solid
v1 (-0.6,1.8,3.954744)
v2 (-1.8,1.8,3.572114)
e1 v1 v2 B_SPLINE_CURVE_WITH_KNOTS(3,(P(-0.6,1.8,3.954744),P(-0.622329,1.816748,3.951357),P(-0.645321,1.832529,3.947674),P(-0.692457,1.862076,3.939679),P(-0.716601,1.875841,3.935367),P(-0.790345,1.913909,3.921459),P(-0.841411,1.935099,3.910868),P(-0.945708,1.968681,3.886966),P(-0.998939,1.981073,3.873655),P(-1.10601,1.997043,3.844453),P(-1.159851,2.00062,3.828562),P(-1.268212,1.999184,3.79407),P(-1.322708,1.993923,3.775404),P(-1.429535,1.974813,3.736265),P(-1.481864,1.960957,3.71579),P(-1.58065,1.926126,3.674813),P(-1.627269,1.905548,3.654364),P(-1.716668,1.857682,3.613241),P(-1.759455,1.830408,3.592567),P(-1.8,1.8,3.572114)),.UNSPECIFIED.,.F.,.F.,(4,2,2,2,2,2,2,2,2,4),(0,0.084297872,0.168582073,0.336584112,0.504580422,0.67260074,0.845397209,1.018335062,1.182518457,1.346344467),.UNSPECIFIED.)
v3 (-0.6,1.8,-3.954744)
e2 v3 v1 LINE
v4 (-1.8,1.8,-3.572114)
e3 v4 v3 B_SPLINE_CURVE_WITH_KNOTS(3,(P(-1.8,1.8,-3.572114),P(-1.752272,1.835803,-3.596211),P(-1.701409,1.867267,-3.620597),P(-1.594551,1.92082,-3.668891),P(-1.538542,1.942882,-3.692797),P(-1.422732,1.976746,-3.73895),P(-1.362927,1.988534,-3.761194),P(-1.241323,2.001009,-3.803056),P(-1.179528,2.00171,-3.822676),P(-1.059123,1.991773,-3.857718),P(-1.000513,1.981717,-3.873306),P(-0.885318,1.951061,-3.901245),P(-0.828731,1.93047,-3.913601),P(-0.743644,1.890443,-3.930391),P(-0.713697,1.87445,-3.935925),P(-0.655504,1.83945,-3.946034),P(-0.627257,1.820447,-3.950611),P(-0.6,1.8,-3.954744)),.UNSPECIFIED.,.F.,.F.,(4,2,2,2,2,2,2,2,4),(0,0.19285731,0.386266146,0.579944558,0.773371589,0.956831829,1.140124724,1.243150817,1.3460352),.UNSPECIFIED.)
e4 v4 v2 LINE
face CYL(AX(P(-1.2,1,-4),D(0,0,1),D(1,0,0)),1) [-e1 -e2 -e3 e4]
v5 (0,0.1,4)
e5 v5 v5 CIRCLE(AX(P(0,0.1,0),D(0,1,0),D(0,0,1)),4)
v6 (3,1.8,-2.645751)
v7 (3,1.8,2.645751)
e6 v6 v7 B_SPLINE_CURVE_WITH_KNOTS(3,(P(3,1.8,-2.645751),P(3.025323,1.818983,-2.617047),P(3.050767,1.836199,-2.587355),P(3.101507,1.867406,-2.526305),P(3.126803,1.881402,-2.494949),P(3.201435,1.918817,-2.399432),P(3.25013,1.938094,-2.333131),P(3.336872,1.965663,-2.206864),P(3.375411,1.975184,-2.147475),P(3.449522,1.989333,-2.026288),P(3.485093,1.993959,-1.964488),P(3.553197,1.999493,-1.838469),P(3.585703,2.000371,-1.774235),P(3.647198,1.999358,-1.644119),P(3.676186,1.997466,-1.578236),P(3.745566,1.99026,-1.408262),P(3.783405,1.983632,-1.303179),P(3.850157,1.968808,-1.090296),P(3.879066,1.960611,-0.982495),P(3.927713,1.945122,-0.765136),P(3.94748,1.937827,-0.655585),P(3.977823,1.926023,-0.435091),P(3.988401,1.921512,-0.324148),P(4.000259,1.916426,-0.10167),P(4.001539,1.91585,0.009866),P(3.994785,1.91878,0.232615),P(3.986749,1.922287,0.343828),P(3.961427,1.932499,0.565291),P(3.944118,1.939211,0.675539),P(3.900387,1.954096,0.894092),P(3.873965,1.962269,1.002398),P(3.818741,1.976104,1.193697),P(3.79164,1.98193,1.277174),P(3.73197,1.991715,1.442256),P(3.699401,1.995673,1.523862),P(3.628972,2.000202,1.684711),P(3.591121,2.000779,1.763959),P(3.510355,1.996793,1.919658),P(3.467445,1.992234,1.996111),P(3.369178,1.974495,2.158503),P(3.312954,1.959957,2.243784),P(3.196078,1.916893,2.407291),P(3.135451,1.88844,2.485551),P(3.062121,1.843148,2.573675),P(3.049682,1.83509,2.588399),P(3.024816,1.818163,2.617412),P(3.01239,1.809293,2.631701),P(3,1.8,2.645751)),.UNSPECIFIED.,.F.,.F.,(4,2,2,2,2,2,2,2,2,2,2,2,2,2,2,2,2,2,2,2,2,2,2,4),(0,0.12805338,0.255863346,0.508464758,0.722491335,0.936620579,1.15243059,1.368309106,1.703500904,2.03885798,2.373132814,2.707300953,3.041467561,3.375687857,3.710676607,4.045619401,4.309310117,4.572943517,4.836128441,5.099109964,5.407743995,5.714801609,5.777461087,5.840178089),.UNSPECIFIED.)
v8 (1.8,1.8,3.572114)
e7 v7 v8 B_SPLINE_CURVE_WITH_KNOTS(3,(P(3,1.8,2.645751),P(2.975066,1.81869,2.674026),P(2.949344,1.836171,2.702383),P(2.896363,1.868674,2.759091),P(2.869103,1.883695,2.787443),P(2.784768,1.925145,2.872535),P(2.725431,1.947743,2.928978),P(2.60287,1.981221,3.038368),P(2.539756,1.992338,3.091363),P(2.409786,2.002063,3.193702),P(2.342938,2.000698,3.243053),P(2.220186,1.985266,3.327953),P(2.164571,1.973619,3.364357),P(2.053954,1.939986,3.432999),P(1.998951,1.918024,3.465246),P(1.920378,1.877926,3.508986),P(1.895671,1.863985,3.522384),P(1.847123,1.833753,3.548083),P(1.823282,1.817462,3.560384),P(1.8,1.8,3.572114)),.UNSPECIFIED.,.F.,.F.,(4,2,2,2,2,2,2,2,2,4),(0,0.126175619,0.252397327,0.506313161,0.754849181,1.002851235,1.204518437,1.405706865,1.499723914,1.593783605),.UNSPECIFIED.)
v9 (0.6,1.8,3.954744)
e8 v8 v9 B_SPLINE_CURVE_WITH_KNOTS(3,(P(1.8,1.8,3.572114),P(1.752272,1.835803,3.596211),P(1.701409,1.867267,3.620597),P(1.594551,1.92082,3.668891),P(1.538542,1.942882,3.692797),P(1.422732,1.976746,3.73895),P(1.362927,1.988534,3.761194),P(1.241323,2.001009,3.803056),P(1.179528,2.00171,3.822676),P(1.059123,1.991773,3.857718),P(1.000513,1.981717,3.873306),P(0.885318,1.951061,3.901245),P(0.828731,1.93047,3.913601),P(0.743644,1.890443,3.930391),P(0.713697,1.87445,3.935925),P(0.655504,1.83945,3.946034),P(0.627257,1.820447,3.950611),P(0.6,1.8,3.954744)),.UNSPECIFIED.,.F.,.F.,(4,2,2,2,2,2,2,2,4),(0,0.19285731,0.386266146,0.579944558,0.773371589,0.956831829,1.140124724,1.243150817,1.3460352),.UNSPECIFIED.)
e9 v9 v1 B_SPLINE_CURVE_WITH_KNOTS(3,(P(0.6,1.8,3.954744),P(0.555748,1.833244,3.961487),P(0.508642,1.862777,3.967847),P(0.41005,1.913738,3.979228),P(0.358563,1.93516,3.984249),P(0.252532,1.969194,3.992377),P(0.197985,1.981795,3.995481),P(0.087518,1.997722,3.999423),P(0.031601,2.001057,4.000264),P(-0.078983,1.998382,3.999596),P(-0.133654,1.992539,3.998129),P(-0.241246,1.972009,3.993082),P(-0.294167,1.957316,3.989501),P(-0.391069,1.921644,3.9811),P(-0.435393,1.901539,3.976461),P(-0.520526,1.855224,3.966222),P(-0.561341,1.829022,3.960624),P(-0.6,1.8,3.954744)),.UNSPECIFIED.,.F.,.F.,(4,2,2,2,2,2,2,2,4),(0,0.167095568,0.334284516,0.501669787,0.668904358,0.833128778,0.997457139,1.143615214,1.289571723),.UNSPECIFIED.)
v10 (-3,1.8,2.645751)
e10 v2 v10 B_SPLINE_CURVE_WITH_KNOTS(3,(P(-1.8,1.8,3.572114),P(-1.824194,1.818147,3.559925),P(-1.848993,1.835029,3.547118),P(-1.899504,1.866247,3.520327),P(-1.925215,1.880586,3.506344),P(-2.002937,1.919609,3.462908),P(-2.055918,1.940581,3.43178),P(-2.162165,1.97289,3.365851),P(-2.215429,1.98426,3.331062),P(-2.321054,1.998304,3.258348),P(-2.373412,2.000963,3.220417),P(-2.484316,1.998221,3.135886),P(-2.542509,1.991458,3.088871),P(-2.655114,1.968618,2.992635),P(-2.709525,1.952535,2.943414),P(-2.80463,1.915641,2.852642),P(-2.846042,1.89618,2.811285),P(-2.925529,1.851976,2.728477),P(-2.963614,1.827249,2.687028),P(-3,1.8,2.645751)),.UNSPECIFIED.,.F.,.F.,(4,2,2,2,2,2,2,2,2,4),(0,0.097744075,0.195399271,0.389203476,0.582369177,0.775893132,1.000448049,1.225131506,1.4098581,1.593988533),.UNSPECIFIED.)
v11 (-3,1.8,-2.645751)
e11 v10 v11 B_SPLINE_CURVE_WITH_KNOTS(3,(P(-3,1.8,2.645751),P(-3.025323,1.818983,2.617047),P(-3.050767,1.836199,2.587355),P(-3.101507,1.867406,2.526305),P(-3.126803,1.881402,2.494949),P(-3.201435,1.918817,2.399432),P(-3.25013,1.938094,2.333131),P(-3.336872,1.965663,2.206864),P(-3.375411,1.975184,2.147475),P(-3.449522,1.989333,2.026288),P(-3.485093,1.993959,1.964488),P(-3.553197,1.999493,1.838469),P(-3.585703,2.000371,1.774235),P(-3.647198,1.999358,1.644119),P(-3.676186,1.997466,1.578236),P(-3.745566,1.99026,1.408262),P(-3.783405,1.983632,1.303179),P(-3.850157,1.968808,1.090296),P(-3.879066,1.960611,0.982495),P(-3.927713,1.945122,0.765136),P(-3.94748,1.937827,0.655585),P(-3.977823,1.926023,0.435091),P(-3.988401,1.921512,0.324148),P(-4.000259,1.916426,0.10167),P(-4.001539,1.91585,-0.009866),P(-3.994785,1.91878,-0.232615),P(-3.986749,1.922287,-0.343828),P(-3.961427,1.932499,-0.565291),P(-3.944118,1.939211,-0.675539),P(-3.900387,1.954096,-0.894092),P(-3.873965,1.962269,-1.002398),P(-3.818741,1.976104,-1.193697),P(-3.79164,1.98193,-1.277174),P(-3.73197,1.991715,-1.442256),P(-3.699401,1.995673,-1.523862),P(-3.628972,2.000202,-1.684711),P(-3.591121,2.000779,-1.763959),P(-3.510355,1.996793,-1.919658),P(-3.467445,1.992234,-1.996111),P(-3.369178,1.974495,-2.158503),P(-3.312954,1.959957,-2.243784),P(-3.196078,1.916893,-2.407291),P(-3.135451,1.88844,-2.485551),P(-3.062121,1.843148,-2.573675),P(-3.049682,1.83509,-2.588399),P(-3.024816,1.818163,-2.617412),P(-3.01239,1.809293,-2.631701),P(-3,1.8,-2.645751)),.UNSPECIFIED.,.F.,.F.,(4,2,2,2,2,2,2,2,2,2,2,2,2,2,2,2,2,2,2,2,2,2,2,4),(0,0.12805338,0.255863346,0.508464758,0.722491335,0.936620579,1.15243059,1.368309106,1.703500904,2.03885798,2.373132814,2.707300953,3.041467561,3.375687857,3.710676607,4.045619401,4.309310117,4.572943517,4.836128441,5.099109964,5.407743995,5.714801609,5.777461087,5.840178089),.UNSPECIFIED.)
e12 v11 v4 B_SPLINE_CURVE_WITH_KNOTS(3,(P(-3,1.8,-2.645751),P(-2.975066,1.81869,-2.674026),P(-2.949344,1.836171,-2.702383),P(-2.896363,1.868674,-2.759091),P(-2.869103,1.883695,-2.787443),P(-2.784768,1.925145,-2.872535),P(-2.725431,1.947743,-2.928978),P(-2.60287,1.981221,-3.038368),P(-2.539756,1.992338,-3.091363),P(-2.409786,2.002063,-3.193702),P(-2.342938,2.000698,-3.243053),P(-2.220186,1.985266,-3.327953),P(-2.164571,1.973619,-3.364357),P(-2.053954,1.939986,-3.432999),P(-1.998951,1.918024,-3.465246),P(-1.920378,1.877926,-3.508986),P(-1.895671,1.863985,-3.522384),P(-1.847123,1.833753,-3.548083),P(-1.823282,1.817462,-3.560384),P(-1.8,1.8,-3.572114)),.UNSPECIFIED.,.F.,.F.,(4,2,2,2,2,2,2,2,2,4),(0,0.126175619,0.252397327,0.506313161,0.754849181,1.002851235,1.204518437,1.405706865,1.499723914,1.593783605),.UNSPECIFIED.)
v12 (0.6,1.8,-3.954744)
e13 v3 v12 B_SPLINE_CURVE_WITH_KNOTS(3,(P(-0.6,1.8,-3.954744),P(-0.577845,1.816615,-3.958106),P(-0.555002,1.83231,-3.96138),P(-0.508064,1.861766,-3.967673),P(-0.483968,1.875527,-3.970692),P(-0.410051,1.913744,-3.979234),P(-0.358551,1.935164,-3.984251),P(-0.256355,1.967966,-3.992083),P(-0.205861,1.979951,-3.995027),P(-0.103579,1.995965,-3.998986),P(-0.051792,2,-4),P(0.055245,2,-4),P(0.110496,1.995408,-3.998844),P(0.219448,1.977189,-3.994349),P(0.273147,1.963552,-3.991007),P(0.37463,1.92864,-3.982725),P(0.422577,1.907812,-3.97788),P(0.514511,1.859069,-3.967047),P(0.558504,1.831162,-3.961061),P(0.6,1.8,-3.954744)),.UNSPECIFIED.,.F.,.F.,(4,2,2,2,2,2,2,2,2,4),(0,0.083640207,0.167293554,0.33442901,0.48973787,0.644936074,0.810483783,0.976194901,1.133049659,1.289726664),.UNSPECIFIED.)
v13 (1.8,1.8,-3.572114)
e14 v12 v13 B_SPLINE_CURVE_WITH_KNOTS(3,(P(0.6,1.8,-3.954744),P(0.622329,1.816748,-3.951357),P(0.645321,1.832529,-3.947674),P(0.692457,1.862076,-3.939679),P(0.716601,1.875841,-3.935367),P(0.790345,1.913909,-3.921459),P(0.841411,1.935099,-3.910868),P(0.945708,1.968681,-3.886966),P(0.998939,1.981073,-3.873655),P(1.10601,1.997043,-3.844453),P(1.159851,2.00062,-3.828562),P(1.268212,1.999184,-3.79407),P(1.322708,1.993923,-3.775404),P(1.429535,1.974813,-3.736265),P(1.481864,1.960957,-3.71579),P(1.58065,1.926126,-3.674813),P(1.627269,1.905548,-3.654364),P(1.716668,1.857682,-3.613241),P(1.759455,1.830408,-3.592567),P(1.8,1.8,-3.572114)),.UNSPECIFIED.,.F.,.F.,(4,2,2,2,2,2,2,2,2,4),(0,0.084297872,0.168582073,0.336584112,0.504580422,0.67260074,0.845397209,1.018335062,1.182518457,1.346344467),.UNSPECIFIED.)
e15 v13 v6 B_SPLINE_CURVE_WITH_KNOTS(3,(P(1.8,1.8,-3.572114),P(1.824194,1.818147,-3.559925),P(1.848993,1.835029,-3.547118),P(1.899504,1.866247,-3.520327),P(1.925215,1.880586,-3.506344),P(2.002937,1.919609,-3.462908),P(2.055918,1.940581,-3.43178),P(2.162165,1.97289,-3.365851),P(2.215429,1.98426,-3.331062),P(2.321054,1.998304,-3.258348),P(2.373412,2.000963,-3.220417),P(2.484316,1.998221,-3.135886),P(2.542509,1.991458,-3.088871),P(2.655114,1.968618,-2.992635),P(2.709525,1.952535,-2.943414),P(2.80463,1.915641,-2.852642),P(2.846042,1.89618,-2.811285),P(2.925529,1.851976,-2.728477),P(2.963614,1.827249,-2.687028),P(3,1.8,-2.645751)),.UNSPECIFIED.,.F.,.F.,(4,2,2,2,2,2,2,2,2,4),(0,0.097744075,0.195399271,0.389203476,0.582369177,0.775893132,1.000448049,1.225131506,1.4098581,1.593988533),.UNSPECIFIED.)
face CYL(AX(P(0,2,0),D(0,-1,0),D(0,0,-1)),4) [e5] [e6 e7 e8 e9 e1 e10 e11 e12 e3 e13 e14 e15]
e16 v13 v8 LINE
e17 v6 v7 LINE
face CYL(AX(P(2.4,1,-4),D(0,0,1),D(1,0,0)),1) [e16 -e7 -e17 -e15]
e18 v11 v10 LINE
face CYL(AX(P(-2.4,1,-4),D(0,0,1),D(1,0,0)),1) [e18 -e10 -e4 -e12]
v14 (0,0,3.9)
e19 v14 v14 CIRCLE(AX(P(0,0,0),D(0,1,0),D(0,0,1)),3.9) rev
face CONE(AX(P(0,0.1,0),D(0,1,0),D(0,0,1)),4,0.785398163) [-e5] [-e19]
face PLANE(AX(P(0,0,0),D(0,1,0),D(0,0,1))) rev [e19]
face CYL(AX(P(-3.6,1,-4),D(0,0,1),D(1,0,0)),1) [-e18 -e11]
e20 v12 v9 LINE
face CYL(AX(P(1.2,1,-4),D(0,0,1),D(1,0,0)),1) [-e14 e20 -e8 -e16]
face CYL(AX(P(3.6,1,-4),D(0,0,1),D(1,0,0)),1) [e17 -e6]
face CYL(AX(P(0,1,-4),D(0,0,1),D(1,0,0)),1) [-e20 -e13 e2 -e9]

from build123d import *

# Parameters (mm, degrees)
SKETCH_1_R          = 4
EXTRUDE_1_DEPTH     = 2
CUT_EXTRUDE_1_DEPTH = 4
CHAMFER_1_SIZE      = 0.1


with BuildPart() as part:
    # 草图1 → 凸台-拉伸1 (new body)
    with BuildSketch(Plane(origin=(0, 0, 0), x_dir=(1, 0, 0), z_dir=(0, 1, 0))):
        Circle(SKETCH_1_R)
    extrude(amount=EXTRUDE_1_DEPTH)

    # 草图2 → 切除-拉伸1 (cut, symmetric)
    with BuildSketch(Plane.XY):
        with BuildLine():
            Line((-4.460903823, 1.508767734), (-4.68289812, 3.453905247))
            Line((-4.68289812, 3.453905247), (4.900344987, 2.697866633))
            Line((4.900344987, 2.697866633), (4.2, 1.8))
            ThreePointArc((4.2, 1.8), (3.6, 2), (3, 1.8))
            ThreePointArc((3, 1.8), (2.4, 2), (1.8, 1.8))
            ThreePointArc((1.8, 1.8), (1.2, 2), (0.6, 1.8))
            ThreePointArc((0.6, 1.8), (0, 2), (-0.6, 1.8))
            ThreePointArc((-0.6, 1.8), (-1.2, 2), (-1.8, 1.8))
            ThreePointArc((-1.8, 1.8), (-2.4, 2), (-3, 1.8))
            ThreePointArc((-3, 1.8), (-3.79550386, 1.980702932), (-4.460903823, 1.508767734))
        make_face()
    extrude(amount=CUT_EXTRUDE_1_DEPTH, both=True, mode=Mode.SUBTRACT)

    # 倒角1
    chamfer_1_edges = [part.edges().sort_by_distance(p)[0] for p in [
        (-4, 0, 0),
    ]]
    chamfer(chamfer_1_edges, length=CHAMFER_1_SIZE)


solid = part.part
